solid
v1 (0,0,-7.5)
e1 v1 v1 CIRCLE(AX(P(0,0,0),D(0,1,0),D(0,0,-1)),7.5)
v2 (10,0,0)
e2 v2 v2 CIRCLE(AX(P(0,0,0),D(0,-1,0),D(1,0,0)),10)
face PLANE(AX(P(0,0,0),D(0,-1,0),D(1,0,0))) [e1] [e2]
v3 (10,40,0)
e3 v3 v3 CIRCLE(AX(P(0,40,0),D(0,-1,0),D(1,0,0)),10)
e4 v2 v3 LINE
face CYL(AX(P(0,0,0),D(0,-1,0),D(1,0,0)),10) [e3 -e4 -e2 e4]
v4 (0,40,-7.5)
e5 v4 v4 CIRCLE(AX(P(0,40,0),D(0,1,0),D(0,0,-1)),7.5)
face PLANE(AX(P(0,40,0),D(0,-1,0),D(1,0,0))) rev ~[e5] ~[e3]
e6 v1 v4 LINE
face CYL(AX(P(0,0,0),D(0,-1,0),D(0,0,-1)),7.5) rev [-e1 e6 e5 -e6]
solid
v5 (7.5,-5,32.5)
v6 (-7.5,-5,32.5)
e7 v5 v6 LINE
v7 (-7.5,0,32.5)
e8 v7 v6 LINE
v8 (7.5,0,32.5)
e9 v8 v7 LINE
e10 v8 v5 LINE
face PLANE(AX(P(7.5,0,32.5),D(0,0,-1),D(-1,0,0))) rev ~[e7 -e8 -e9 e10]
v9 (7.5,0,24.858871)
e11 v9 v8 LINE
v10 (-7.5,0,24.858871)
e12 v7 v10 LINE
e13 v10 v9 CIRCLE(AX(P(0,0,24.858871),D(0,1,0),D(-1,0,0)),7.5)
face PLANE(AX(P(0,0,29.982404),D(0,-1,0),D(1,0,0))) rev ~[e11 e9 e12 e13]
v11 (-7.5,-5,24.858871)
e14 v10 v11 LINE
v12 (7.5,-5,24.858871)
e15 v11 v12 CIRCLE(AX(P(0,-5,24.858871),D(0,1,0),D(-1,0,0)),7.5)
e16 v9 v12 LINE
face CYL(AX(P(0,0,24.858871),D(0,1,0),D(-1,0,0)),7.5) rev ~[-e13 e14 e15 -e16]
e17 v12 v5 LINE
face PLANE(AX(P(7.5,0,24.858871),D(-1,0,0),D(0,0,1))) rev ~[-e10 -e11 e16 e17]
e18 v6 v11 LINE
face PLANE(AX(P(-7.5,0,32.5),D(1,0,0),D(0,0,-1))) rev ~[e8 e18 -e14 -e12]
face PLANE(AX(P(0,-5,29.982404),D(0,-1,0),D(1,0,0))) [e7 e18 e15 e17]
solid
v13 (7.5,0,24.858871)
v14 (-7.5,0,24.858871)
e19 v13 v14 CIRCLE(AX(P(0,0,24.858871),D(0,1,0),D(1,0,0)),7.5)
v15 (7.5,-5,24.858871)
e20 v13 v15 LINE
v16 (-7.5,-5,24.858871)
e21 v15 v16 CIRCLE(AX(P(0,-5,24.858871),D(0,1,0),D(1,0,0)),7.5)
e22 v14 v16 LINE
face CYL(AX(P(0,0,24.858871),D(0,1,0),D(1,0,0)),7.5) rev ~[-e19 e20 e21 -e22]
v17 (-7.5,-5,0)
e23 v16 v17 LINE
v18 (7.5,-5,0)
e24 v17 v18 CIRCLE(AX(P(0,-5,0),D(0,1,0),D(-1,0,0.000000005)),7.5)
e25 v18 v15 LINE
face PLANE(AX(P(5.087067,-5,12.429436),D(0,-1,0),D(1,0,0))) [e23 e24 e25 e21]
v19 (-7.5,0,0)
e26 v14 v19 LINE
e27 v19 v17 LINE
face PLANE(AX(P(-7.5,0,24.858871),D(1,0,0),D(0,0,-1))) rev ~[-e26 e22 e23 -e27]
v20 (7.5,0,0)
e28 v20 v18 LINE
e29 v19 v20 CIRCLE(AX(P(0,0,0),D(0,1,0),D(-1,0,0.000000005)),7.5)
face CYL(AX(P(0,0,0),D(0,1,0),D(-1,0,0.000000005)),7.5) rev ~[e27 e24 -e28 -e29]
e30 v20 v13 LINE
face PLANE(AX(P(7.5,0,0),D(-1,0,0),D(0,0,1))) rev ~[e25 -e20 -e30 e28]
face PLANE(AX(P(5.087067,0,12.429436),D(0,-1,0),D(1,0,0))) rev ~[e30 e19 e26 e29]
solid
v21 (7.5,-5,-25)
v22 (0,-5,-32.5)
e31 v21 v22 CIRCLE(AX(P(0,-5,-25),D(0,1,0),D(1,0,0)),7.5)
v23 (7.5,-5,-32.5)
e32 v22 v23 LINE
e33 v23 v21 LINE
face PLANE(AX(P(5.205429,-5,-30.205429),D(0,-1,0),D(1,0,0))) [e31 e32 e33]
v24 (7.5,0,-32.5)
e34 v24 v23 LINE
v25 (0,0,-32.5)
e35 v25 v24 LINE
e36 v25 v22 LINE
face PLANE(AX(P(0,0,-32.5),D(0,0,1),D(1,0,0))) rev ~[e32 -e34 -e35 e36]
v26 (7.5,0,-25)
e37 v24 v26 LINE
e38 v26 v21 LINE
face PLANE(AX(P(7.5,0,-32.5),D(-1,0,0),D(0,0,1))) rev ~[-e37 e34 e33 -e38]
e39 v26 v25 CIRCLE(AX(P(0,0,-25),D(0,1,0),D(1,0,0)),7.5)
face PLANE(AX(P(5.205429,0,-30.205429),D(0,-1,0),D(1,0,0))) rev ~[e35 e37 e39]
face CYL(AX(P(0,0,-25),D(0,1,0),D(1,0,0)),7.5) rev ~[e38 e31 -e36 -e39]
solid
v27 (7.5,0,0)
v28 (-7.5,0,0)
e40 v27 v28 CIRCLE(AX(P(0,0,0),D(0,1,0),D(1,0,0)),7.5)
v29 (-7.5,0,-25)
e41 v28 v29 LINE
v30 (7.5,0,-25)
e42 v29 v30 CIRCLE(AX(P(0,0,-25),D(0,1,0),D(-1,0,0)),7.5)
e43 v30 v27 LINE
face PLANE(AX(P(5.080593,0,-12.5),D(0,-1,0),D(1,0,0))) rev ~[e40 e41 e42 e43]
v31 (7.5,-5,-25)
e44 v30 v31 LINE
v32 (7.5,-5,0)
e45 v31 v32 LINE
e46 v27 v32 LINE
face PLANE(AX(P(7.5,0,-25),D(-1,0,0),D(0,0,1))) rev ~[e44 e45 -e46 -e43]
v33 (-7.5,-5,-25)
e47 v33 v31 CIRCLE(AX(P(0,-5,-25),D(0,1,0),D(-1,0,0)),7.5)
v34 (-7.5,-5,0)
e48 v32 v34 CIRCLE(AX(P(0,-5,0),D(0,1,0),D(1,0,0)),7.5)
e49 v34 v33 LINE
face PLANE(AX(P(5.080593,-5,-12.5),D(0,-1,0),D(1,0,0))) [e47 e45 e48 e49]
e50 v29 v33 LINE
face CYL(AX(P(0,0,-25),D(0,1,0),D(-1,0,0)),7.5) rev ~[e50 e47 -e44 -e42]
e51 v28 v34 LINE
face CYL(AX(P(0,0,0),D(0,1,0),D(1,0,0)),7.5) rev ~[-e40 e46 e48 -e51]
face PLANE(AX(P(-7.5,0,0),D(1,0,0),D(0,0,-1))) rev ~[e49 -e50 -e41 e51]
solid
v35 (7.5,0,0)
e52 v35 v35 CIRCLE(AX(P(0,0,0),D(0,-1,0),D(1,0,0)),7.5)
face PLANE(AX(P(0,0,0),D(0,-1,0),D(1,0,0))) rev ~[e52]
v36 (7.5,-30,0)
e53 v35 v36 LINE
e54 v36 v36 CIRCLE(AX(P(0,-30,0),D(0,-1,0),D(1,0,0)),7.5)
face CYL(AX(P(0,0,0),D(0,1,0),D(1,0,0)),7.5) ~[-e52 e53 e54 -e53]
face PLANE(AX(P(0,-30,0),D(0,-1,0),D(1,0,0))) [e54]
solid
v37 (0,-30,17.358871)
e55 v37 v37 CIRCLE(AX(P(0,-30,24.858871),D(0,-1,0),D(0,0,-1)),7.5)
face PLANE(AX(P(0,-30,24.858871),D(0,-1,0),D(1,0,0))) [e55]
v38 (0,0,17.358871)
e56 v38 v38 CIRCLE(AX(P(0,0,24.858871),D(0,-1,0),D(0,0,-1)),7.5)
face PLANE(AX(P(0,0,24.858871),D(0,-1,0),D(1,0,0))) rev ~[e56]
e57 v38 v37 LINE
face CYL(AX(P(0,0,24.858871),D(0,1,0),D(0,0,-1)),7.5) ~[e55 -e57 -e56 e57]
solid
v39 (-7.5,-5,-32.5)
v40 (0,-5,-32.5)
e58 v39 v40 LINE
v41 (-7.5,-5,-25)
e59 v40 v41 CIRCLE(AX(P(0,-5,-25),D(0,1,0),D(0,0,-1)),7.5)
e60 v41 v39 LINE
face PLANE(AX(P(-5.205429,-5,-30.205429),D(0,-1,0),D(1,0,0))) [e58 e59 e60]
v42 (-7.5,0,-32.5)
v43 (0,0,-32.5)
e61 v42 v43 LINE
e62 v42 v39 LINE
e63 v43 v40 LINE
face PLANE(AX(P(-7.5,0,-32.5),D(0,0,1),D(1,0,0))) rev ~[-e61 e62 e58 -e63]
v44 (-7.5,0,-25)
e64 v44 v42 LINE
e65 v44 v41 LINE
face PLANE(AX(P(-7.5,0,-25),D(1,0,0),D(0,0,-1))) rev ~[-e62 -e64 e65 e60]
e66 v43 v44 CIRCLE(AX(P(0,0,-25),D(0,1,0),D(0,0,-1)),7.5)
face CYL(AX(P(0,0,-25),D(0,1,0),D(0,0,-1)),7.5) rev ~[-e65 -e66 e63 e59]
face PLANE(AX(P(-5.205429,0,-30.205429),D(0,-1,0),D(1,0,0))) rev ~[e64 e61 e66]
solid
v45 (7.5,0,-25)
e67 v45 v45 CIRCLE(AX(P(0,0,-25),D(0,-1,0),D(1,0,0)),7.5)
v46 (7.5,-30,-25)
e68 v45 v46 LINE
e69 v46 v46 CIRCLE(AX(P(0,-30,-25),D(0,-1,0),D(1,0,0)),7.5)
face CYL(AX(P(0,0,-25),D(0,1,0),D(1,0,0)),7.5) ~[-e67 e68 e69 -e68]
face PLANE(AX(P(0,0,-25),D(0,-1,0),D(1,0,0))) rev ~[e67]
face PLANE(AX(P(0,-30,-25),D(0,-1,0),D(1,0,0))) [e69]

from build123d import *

# Parameters (mm, degrees)
F1_DEPTH = 30
F2_DEPTH = 5
F3_R     = 10
F4_DEPTH = 40


with BuildPart() as f1:
    # F0 (on Front) → F1 (new body)
    with BuildSketch(Plane.XZ):
        with BuildLine():
            ThreePointArc((0, 7.5), (-5.3033008457, 5.3033008721), (-7.5, 3.74e-08))
            ThreePointArc((-7.5, 3.74e-08), (-5.3033008721, -5.3033008457), (0, -7.5))
            ThreePointArc((0, -7.5), (5.3033008589, -5.3033008589), (7.5, 0))
            ThreePointArc((7.5, 0), (5.3033008589, 5.3033008589), (0, 7.5))
        make_face()
    extrude(amount=F1_DEPTH)


with BuildPart() as f1b:
    # F0 (on Front) → F1, piece 2 (new body)
    with BuildSketch(Plane.XZ):
        with BuildLine():
            ThreePointArc((7.5, 24.8588714749), (0, 32.3588714749), (-7.5, 24.8588714749))
            ThreePointArc((-7.5, 24.8588714749), (-5.3033008589, 19.555570616), (0, 17.3588714749))
            ThreePointArc((0, 17.3588714749), (5.3033008589, 19.555570616), (7.5, 24.8588714749))
        make_face()
    extrude(amount=F1_DEPTH)


with BuildPart() as f1c:
    # F0 (on Front) → F1, piece 3 (new body)
    with BuildSketch(Plane.XZ):
        with BuildLine():
            ThreePointArc((0, -17.5), (-5.3033008589, -19.6966991411), (-7.5, -25))
            ThreePointArc((-7.5, -25), (-5.3033008589, -30.3033008589), (0, -32.5))
            ThreePointArc((0, -32.5), (5.3033008589, -30.3033008589), (7.5, -25))
            ThreePointArc((7.5, -25), (5.3033008589, -19.6966991411), (0, -17.5))
        make_face()
    extrude(amount=F1_DEPTH)


with BuildPart() as f2:
    # F0 (on Front) → F2 (new body)
    with BuildSketch(Plane.XZ):
        with BuildLine():
            Line((7.5, 0), (7.5, 24.8588714749))
            ThreePointArc((7.5, 24.8588714749), (5.3033008589, 19.555570616), (0, 17.3588714749))
            Line((0, 17.3588714749), (0, 7.5))
            ThreePointArc((0, 7.5), (5.3033008589, 5.3033008589), (7.5, 0))
        make_face()
        with BuildLine():
            ThreePointArc((0, 17.3588714749), (-5.3033008589, 19.555570616), (-7.5, 24.8588714749))
            Line((-7.5, 24.8588714749), (-7.5, 3.74e-08))
            ThreePointArc((-7.5, 3.74e-08), (-5.3033008457, 5.3033008721), (0, 7.5))
            Line((0, 7.5), (0, 17.3588714749))
        make_face()
    extrude(amount=F2_DEPTH)


with BuildPart() as f2b:
    # F0 (on Front) → F2, piece 2 (new body)
    with BuildSketch(Plane.XZ):
        with BuildLine():
            Line((7.5, 32.5), (-7.5, 32.5))
            Line((-7.5, 32.5), (-7.5, 24.8588714749))
            ThreePointArc((-7.5, 24.8588714749), (0, 32.3588714749), (7.5, 24.8588714749))
            Line((7.5, 24.8588714749), (7.5, 32.5))
        make_face()
    extrude(amount=F2_DEPTH)


with BuildPart() as f2c:
    # F0 (on Front) → F2, piece 3 (new body)
    with BuildSketch(Plane.XZ):
        with BuildLine():
            Line((7.5, -25), (7.5, 0))
            ThreePointArc((7.5, 0), (5.3033008589, -5.3033008589), (0, -7.5))
            Line((0, -7.5), (0, -17.5))
            ThreePointArc((0, -17.5), (5.3033008589, -19.6966991411), (7.5, -25))
        make_face()
        with BuildLine():
            ThreePointArc((0, -7.5), (-5.3033008721, -5.3033008457), (-7.5, 3.74e-08))
            Line((-7.5, 3.74e-08), (-7.5, -25))
            ThreePointArc((-7.5, -25), (-5.3033008589, -19.6966991411), (0, -17.5))
            Line((0, -17.5), (0, -7.5))
        make_face()
    extrude(amount=F2_DEPTH)


with BuildPart() as f2d:
    # F0 (on Front) → F2, piece 4 (new body)
    with BuildSketch(Plane.XZ):
        with BuildLine():
            ThreePointArc((0, -32.5), (-5.3033008589, -30.3033008589), (-7.5, -25))
            Line((-7.5, -25), (-7.5, -32.5))
            Line((-7.5, -32.5), (0, -32.5))
        make_face()
    extrude(amount=F2_DEPTH)


with BuildPart() as f2e:
    # F0 (on Front) → F2, piece 5 (new body)
    with BuildSketch(Plane.XZ):
        with BuildLine():
            Line((7.5, -32.5), (7.5, -25))
            ThreePointArc((7.5, -25), (5.3033008589, -30.3033008589), (0, -32.5))
            Line((0, -32.5), (7.5, -32.5))
        make_face()
    extrude(amount=F2_DEPTH)


with BuildPart() as f4:
    # F3 (on face) → F4 (new body)
    with BuildSketch(Plane.XZ):
        Circle(F3_R)
        with BuildLine():
            ThreePointArc((-7.5, 3.74e-08), (-5.3033008457, 5.3033008721), (0, 7.5))
            ThreePointArc((0, 7.5), (5.3033008589, 5.3033008589), (7.5, 0))
            ThreePointArc((7.5, 0), (5.3033008589, -5.3033008589), (0, -7.5))
            ThreePointArc((0, -7.5), (-5.3033008721, -5.3033008457), (-7.5, 3.74e-08))
        make_face(mode=Mode.SUBTRACT)
    extrude(amount=-F4_DEPTH)


solid = Compound([f1.part, f1b.part, f1c.part, f2.part, f2b.part, f2c.part, f2d.part, f2e.part, f4.part])
